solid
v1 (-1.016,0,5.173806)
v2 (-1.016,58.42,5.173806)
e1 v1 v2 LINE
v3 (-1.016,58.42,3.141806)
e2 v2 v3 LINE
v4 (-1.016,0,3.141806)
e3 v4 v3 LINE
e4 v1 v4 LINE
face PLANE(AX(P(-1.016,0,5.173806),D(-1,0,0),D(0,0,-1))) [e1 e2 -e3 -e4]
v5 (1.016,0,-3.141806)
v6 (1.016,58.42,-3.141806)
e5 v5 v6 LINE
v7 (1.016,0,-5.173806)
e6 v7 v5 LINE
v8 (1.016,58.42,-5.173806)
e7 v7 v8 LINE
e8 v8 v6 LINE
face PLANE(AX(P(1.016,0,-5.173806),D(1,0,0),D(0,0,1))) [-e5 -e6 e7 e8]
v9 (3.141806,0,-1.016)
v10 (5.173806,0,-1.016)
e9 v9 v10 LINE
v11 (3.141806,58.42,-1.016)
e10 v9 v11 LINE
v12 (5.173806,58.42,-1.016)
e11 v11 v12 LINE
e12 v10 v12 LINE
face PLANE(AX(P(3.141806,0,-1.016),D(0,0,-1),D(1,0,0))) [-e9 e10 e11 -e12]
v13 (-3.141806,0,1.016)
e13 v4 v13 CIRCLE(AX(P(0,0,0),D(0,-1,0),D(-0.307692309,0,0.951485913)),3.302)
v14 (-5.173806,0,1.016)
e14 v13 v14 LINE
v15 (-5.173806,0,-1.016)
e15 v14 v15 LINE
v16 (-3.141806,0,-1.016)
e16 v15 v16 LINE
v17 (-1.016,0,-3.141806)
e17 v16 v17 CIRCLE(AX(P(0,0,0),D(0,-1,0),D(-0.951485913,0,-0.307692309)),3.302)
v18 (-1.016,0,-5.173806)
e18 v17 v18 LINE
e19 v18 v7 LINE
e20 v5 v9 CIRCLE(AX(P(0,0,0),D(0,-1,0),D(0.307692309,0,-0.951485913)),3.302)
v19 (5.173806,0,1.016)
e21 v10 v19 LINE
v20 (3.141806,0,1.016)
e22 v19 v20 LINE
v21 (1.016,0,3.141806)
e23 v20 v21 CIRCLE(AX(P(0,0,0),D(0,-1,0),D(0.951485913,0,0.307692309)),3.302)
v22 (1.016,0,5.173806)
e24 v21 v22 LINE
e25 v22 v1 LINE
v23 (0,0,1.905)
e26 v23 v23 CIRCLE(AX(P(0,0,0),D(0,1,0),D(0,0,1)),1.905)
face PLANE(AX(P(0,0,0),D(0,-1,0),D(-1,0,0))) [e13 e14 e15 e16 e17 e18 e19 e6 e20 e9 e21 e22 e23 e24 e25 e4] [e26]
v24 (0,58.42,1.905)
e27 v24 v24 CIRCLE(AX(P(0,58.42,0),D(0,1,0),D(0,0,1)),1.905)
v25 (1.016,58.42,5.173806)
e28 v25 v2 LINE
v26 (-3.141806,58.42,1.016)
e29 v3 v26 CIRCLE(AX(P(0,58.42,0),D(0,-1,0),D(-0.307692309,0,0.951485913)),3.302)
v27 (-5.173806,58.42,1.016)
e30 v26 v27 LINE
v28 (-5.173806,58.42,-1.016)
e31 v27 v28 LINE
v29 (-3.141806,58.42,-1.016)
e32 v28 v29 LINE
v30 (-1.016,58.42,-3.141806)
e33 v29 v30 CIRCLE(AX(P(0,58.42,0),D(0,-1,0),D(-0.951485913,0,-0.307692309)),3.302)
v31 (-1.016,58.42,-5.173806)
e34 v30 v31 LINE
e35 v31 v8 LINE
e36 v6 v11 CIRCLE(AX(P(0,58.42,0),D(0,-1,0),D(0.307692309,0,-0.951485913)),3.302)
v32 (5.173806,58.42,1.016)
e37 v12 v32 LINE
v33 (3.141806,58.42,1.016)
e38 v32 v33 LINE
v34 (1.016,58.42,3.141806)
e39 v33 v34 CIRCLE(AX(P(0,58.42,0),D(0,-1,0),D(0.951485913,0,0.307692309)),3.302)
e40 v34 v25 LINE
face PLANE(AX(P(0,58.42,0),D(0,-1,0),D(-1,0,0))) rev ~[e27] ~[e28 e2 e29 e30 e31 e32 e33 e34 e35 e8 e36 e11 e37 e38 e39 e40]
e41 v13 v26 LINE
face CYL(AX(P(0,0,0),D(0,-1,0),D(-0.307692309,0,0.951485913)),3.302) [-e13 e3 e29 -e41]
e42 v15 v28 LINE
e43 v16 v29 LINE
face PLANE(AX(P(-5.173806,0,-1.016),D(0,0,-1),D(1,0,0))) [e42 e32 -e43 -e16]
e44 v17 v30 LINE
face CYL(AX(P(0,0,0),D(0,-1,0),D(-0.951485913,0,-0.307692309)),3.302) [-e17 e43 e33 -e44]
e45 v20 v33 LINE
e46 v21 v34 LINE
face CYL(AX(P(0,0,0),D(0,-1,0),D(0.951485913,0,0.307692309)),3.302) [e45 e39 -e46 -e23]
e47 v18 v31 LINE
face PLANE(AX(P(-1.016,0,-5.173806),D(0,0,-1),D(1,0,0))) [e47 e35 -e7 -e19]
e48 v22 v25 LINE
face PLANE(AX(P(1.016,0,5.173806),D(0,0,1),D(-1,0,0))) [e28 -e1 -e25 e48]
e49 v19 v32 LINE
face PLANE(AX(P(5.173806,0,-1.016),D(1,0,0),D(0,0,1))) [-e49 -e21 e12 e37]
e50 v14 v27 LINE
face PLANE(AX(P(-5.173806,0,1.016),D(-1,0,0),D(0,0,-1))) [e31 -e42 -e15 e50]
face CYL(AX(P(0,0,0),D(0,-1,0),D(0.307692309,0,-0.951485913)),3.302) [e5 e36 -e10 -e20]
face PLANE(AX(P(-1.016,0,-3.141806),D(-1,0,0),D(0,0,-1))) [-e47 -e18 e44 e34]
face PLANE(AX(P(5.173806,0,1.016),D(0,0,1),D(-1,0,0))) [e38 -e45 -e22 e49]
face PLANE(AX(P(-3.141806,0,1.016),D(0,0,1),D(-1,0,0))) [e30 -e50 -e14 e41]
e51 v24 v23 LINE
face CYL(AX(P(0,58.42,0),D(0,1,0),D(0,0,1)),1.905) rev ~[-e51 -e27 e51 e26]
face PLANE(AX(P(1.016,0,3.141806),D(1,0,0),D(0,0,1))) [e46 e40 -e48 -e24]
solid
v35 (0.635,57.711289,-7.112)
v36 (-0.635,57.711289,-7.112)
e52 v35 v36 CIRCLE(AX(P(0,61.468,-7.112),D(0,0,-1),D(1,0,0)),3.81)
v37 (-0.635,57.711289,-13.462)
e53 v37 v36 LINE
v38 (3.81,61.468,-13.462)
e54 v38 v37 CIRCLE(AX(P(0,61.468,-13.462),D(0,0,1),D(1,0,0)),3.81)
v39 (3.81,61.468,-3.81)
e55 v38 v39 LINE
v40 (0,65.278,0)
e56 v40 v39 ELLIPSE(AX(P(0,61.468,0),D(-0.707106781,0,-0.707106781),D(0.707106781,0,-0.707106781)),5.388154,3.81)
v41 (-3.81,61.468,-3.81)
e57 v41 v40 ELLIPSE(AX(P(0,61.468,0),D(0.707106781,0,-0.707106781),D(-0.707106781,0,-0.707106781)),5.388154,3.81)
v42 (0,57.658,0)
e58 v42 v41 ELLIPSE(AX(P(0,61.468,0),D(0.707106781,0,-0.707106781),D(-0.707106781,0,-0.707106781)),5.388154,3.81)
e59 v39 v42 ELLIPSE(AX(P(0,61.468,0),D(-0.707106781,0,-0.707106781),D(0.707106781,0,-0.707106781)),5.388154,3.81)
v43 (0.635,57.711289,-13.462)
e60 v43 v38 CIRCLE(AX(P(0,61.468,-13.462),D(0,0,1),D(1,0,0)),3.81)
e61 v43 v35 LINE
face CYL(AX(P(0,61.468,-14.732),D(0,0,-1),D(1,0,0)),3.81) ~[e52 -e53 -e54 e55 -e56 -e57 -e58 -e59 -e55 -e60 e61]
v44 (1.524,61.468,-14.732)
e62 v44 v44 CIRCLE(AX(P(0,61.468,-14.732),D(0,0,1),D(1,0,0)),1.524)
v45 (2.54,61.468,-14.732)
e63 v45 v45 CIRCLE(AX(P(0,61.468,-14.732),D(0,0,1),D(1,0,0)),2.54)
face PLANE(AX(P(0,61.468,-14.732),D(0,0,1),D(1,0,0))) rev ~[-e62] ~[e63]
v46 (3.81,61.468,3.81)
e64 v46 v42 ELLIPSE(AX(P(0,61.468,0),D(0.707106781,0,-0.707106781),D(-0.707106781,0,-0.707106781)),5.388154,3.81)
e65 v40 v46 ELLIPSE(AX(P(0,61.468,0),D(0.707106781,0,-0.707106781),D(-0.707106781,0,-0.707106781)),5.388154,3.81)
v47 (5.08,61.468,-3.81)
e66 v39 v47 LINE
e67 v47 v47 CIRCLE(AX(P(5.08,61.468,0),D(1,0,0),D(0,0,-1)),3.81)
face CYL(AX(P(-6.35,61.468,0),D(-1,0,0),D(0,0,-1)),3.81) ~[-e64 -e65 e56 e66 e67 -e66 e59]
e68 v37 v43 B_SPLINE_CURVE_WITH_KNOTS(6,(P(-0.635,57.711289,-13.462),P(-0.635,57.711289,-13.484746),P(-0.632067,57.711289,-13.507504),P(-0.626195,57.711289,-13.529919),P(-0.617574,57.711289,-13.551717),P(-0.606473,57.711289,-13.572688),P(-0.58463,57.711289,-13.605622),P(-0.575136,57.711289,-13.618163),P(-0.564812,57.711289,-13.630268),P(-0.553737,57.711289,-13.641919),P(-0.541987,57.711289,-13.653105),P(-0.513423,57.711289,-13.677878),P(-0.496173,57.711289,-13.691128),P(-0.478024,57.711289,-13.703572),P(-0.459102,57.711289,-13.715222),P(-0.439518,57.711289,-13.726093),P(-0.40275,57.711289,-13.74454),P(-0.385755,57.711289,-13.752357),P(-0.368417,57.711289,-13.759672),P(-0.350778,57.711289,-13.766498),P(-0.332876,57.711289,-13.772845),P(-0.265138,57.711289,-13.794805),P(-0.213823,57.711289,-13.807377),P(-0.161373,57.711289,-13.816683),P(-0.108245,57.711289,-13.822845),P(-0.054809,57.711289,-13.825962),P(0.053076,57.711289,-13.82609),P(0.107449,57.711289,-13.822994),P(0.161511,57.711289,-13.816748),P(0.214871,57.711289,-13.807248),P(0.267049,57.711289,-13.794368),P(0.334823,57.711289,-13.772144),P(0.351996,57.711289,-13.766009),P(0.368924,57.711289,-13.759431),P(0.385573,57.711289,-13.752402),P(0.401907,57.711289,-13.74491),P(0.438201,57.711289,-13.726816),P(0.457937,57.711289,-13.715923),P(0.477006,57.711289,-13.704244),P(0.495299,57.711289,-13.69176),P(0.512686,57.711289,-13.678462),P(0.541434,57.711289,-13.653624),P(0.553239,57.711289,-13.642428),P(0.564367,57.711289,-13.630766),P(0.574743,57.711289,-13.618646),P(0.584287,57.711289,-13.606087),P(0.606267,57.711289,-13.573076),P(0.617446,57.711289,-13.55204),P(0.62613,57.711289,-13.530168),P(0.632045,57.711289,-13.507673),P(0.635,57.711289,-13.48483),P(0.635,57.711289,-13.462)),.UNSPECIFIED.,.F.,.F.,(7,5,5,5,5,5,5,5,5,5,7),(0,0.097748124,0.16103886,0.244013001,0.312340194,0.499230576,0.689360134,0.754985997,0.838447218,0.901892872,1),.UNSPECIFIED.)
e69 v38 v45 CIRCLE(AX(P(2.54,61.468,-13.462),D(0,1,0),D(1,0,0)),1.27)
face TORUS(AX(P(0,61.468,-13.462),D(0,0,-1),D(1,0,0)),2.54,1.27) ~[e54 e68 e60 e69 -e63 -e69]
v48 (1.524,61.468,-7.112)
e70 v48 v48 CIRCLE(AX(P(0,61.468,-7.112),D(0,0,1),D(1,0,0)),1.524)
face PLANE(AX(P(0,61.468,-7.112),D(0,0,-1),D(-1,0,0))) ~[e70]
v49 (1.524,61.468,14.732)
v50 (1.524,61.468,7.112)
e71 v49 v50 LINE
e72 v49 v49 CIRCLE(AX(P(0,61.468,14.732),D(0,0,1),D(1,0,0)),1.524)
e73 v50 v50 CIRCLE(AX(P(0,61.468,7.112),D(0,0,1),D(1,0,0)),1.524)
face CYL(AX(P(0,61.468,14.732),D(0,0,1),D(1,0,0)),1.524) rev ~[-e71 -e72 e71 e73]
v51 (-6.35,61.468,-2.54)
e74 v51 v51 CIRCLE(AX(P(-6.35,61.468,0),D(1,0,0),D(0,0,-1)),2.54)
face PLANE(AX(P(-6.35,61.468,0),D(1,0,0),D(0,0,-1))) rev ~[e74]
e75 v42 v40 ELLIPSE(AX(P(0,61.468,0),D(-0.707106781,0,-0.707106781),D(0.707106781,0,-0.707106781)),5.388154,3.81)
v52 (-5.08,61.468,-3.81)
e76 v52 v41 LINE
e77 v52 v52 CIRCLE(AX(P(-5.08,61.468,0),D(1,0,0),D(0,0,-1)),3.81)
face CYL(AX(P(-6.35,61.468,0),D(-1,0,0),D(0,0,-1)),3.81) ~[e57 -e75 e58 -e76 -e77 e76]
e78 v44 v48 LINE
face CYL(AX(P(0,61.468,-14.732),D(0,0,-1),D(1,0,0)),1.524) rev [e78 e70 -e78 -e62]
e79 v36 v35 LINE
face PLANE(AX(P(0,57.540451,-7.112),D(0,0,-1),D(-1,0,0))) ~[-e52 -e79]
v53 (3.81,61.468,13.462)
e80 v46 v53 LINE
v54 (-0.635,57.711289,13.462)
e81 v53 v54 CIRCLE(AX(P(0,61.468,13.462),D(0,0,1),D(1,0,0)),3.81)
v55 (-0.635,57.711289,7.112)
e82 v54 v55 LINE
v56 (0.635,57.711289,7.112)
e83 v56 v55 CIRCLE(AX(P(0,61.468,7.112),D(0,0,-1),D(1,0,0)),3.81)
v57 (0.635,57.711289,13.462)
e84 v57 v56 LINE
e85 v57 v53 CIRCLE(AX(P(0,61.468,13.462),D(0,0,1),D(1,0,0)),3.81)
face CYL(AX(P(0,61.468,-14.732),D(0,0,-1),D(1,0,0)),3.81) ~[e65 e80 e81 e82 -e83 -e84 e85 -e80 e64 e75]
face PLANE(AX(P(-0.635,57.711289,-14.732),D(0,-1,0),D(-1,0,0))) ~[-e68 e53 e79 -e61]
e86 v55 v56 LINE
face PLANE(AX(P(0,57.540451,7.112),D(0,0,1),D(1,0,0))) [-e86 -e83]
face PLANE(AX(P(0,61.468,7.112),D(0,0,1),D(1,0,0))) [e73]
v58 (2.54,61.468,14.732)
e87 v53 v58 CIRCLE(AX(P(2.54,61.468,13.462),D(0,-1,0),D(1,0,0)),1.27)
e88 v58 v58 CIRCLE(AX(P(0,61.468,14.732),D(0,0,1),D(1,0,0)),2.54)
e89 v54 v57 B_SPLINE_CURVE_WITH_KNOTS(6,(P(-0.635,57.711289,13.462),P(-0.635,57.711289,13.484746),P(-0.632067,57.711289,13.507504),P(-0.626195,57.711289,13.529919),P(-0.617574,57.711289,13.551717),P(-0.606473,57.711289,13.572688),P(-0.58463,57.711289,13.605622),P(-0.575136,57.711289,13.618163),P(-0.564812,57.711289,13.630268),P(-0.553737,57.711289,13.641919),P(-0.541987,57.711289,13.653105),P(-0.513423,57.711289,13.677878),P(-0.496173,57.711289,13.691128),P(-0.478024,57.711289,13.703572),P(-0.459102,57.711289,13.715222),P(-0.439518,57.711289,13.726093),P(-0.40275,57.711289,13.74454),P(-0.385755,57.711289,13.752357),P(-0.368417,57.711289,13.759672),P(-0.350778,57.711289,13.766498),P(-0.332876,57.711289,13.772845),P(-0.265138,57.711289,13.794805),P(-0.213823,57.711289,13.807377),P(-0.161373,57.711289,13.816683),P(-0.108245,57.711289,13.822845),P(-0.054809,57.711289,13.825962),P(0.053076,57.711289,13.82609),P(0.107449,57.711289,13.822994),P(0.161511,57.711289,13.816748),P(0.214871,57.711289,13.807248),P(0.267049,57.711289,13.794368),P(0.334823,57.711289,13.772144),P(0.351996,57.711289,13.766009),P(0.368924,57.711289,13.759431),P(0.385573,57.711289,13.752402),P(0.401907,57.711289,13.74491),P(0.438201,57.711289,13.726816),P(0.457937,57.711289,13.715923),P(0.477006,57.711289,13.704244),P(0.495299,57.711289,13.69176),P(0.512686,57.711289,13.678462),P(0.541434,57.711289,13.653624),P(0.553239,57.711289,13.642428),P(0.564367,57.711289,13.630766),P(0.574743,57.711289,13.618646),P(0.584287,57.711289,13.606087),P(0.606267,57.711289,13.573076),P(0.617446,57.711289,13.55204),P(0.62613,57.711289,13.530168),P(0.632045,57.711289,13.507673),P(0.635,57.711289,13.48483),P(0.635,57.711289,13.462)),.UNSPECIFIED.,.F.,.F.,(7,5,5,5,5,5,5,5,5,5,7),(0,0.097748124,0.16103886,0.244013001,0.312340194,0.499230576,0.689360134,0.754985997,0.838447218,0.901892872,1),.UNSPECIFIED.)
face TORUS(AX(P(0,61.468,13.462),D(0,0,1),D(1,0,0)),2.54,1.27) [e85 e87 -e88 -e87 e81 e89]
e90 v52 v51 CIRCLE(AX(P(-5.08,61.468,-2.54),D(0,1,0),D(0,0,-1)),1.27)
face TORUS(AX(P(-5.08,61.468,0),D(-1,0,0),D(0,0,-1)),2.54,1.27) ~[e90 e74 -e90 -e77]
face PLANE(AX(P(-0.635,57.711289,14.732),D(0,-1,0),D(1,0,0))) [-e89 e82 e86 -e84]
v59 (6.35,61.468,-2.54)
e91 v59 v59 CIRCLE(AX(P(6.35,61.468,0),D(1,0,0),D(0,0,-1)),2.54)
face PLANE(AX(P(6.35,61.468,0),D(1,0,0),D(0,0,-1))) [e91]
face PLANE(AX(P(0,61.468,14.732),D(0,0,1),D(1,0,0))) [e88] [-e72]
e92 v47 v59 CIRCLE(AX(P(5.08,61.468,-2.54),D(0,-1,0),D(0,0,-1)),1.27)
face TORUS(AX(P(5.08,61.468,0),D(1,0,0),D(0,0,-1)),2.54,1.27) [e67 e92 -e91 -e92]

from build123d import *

# Parameters (mm, degrees)
BOSS_EXTRUDE2_DEPTH      = 58.42
SKETCH4_R                = 1.905
CUT_EXTRUDE1_DEPTH       = 59.876420978
BOSS_EXTRUDE3_DEPTH      = 14.732
BOSS_EXTRUDE3_DEPTH_BACK = 14.732
SKETCH5_R                = 3.81
SKETCH6_R                = 3.738220815
CUT_EXTRUDE3_DEPTH       = 12.7
BOSS_EXTRUDE4_DEPTH      = 6.35
BOSS_EXTRUDE4_DEPTH_BACK = 6.35
SKETCH7_R                = 3.81
FILLET2_R                = 1.27
FILLET3_R                = 1.27
FILLET4_R                = 1.27
SKETCH8_R                = 1.524
SKETCH8_W                = 1.27
SKETCH8_H                = 0.341676571
CUT_EXTRUDE4_DEPTH       = 7.62


with BuildPart() as part:
    # Sketch3 → Boss-Extrude2 (new body)
    with BuildSketch(Plane(origin=(0, 0, 0), x_dir=(1, 0, 0), z_dir=(0, 1, 0))):
        with BuildLine():
            Line((-1.016, 3.141806487), (-1.016, 5.173806487))
            Line((-1.016, 5.173806487), (1.016, 5.173806487))
            Line((1.016, 5.173806487), (1.016, 3.141806487))
            ThreePointArc((1.016, 3.141806487), (2.334866591, 2.334866591), (3.141806487, 1.016))
            Line((3.141806487, 1.016), (5.173806487, 1.016))
            Line((5.173806487, 1.016), (5.173806487, -1.016))
            Line((5.173806487, -1.016), (3.141806487, -1.016))
            ThreePointArc((3.141806487, -1.016), (2.334866591, -2.334866591), (1.016, -3.141806487))
            Line((1.016, -3.141806487), (1.016, -5.173806487))
            Line((1.016, -5.173806487), (-1.016, -5.173806487))
            Line((-1.016, -5.173806487), (-1.016, -3.141806487))
            ThreePointArc((-1.016, -3.141806487), (-2.334866591, -2.334866591), (-3.141806487, -1.016))
            Line((-3.141806487, -1.016), (-5.173806487, -1.016))
            Line((-5.173806487, -1.016), (-5.173806487, 1.016))
            Line((-5.173806487, 1.016), (-3.141806487, 1.016))
            ThreePointArc((-3.141806487, 1.016), (-2.334866591, 2.334866591), (-1.016, 3.141806487))
        make_face()
    extrude(amount=BOSS_EXTRUDE2_DEPTH)

    # Sketch4 → Cut-Extrude1 (cut, through all)
    with BuildSketch(Plane(origin=(0, 58.42, 0), x_dir=(1, 0, 0), z_dir=(0, 1, 0))):
        with Locations(Location((0, 0, 0), (0, 0, 270))):
            Circle(SKETCH4_R)
    extrude(amount=-CUT_EXTRUDE1_DEPTH, mode=Mode.SUBTRACT)


with BuildPart() as body_2:
    # Sketch5 → Boss-Extrude3 (new, two sides: drawn at the far end of the back side and taken through both)
    with BuildSketch(Plane.XY.offset(-BOSS_EXTRUDE3_DEPTH_BACK)):
        with Locations((0, 61.468)):
            Circle(SKETCH5_R)
    extrude(amount=BOSS_EXTRUDE3_DEPTH + BOSS_EXTRUDE3_DEPTH_BACK)


with BuildPart() as body_3:
    # Mirror1: mirrored copy
    add(body_2.part.mirror(Plane.XY))


with BuildPart() as cut_extrude3_tool:
    # Sketch6 → Cut-Extrude3 (new body)
    with BuildSketch(Plane.XY.offset(14.732)):
        with Locations((0, 61.468)):
            Circle(SKETCH6_R)
    extrude(amount=-CUT_EXTRUDE3_DEPTH)


with BuildPart() as body_2_1:
    add(body_2.part)

    # Cut-Extrude3: cut by cut_extrude3_tool
    add(cut_extrude3_tool.part, mode=Mode.SUBTRACT)


with BuildPart() as body_3_1:
    add(body_3.part)

    # Cut-Extrude3: cut by cut_extrude3_tool
    add(cut_extrude3_tool.part, mode=Mode.SUBTRACT)


with BuildPart() as body_4:
    # Mirror2: mirrored copy
    add(body_2_1.part.mirror(Plane.XY))


with BuildPart() as body_2_2:
    add(body_2_1.part)

    add(body_3_1.part)  # Boss-Extrude4 merges body 3

    add(body_4.part)  # Boss-Extrude4 merges body 4
    # Sketch7 → Boss-Extrude4 (add, two sides: drawn at the far end of the back side and taken through both)
    with BuildSketch(Plane(origin=(0, 0, 0), x_dir=(0, 0, -1), z_dir=(1, 0, 0)).offset(-BOSS_EXTRUDE4_DEPTH_BACK)):
        with Locations((0, 61.468)):
            Circle(SKETCH7_R)
    extrude(amount=BOSS_EXTRUDE4_DEPTH + BOSS_EXTRUDE4_DEPTH_BACK)

    # Fillet2
    fillet2_edges = [body_2_2.edges().sort_by_distance(p)[0] for p in [
        (-3.81, 61.468, -14.732),
    ]]
    fillet(fillet2_edges, radius=FILLET2_R)

    # Fillet3
    fillet3_edges = [body_2_2.edges().sort_by_distance(p)[0] for p in [
        (-6.35, 61.468, 3.81),
        (6.35, 61.468, 3.81),
    ]]
    fillet(fillet3_edges, radius=FILLET3_R)

    # Fillet4
    fillet4_edges = [body_2_2.edges().sort_by_distance(p)[0] for p in [
        (-3.81, 61.468, 14.732),
    ]]
    fillet(fillet4_edges, radius=FILLET4_R)

    # Sketch8 → Cut-Extrude4 (cut)
    with BuildSketch(Plane.XY.offset(14.732)):
        with Locations((0, 61.468)):
            Circle(SKETCH8_R)
        with Locations((0, 57.540451053)):
            Rectangle(SKETCH8_W, SKETCH8_H)
    cut_extrude4 = extrude(amount=-CUT_EXTRUDE4_DEPTH, mode=Mode.SUBTRACT)

    # Mirror3: Cut-Extrude4 across plane
    add(cut_extrude4.mirror(Plane.XY), mode=Mode.SUBTRACT)


solid = Compound([part.part, body_2_2.part])
